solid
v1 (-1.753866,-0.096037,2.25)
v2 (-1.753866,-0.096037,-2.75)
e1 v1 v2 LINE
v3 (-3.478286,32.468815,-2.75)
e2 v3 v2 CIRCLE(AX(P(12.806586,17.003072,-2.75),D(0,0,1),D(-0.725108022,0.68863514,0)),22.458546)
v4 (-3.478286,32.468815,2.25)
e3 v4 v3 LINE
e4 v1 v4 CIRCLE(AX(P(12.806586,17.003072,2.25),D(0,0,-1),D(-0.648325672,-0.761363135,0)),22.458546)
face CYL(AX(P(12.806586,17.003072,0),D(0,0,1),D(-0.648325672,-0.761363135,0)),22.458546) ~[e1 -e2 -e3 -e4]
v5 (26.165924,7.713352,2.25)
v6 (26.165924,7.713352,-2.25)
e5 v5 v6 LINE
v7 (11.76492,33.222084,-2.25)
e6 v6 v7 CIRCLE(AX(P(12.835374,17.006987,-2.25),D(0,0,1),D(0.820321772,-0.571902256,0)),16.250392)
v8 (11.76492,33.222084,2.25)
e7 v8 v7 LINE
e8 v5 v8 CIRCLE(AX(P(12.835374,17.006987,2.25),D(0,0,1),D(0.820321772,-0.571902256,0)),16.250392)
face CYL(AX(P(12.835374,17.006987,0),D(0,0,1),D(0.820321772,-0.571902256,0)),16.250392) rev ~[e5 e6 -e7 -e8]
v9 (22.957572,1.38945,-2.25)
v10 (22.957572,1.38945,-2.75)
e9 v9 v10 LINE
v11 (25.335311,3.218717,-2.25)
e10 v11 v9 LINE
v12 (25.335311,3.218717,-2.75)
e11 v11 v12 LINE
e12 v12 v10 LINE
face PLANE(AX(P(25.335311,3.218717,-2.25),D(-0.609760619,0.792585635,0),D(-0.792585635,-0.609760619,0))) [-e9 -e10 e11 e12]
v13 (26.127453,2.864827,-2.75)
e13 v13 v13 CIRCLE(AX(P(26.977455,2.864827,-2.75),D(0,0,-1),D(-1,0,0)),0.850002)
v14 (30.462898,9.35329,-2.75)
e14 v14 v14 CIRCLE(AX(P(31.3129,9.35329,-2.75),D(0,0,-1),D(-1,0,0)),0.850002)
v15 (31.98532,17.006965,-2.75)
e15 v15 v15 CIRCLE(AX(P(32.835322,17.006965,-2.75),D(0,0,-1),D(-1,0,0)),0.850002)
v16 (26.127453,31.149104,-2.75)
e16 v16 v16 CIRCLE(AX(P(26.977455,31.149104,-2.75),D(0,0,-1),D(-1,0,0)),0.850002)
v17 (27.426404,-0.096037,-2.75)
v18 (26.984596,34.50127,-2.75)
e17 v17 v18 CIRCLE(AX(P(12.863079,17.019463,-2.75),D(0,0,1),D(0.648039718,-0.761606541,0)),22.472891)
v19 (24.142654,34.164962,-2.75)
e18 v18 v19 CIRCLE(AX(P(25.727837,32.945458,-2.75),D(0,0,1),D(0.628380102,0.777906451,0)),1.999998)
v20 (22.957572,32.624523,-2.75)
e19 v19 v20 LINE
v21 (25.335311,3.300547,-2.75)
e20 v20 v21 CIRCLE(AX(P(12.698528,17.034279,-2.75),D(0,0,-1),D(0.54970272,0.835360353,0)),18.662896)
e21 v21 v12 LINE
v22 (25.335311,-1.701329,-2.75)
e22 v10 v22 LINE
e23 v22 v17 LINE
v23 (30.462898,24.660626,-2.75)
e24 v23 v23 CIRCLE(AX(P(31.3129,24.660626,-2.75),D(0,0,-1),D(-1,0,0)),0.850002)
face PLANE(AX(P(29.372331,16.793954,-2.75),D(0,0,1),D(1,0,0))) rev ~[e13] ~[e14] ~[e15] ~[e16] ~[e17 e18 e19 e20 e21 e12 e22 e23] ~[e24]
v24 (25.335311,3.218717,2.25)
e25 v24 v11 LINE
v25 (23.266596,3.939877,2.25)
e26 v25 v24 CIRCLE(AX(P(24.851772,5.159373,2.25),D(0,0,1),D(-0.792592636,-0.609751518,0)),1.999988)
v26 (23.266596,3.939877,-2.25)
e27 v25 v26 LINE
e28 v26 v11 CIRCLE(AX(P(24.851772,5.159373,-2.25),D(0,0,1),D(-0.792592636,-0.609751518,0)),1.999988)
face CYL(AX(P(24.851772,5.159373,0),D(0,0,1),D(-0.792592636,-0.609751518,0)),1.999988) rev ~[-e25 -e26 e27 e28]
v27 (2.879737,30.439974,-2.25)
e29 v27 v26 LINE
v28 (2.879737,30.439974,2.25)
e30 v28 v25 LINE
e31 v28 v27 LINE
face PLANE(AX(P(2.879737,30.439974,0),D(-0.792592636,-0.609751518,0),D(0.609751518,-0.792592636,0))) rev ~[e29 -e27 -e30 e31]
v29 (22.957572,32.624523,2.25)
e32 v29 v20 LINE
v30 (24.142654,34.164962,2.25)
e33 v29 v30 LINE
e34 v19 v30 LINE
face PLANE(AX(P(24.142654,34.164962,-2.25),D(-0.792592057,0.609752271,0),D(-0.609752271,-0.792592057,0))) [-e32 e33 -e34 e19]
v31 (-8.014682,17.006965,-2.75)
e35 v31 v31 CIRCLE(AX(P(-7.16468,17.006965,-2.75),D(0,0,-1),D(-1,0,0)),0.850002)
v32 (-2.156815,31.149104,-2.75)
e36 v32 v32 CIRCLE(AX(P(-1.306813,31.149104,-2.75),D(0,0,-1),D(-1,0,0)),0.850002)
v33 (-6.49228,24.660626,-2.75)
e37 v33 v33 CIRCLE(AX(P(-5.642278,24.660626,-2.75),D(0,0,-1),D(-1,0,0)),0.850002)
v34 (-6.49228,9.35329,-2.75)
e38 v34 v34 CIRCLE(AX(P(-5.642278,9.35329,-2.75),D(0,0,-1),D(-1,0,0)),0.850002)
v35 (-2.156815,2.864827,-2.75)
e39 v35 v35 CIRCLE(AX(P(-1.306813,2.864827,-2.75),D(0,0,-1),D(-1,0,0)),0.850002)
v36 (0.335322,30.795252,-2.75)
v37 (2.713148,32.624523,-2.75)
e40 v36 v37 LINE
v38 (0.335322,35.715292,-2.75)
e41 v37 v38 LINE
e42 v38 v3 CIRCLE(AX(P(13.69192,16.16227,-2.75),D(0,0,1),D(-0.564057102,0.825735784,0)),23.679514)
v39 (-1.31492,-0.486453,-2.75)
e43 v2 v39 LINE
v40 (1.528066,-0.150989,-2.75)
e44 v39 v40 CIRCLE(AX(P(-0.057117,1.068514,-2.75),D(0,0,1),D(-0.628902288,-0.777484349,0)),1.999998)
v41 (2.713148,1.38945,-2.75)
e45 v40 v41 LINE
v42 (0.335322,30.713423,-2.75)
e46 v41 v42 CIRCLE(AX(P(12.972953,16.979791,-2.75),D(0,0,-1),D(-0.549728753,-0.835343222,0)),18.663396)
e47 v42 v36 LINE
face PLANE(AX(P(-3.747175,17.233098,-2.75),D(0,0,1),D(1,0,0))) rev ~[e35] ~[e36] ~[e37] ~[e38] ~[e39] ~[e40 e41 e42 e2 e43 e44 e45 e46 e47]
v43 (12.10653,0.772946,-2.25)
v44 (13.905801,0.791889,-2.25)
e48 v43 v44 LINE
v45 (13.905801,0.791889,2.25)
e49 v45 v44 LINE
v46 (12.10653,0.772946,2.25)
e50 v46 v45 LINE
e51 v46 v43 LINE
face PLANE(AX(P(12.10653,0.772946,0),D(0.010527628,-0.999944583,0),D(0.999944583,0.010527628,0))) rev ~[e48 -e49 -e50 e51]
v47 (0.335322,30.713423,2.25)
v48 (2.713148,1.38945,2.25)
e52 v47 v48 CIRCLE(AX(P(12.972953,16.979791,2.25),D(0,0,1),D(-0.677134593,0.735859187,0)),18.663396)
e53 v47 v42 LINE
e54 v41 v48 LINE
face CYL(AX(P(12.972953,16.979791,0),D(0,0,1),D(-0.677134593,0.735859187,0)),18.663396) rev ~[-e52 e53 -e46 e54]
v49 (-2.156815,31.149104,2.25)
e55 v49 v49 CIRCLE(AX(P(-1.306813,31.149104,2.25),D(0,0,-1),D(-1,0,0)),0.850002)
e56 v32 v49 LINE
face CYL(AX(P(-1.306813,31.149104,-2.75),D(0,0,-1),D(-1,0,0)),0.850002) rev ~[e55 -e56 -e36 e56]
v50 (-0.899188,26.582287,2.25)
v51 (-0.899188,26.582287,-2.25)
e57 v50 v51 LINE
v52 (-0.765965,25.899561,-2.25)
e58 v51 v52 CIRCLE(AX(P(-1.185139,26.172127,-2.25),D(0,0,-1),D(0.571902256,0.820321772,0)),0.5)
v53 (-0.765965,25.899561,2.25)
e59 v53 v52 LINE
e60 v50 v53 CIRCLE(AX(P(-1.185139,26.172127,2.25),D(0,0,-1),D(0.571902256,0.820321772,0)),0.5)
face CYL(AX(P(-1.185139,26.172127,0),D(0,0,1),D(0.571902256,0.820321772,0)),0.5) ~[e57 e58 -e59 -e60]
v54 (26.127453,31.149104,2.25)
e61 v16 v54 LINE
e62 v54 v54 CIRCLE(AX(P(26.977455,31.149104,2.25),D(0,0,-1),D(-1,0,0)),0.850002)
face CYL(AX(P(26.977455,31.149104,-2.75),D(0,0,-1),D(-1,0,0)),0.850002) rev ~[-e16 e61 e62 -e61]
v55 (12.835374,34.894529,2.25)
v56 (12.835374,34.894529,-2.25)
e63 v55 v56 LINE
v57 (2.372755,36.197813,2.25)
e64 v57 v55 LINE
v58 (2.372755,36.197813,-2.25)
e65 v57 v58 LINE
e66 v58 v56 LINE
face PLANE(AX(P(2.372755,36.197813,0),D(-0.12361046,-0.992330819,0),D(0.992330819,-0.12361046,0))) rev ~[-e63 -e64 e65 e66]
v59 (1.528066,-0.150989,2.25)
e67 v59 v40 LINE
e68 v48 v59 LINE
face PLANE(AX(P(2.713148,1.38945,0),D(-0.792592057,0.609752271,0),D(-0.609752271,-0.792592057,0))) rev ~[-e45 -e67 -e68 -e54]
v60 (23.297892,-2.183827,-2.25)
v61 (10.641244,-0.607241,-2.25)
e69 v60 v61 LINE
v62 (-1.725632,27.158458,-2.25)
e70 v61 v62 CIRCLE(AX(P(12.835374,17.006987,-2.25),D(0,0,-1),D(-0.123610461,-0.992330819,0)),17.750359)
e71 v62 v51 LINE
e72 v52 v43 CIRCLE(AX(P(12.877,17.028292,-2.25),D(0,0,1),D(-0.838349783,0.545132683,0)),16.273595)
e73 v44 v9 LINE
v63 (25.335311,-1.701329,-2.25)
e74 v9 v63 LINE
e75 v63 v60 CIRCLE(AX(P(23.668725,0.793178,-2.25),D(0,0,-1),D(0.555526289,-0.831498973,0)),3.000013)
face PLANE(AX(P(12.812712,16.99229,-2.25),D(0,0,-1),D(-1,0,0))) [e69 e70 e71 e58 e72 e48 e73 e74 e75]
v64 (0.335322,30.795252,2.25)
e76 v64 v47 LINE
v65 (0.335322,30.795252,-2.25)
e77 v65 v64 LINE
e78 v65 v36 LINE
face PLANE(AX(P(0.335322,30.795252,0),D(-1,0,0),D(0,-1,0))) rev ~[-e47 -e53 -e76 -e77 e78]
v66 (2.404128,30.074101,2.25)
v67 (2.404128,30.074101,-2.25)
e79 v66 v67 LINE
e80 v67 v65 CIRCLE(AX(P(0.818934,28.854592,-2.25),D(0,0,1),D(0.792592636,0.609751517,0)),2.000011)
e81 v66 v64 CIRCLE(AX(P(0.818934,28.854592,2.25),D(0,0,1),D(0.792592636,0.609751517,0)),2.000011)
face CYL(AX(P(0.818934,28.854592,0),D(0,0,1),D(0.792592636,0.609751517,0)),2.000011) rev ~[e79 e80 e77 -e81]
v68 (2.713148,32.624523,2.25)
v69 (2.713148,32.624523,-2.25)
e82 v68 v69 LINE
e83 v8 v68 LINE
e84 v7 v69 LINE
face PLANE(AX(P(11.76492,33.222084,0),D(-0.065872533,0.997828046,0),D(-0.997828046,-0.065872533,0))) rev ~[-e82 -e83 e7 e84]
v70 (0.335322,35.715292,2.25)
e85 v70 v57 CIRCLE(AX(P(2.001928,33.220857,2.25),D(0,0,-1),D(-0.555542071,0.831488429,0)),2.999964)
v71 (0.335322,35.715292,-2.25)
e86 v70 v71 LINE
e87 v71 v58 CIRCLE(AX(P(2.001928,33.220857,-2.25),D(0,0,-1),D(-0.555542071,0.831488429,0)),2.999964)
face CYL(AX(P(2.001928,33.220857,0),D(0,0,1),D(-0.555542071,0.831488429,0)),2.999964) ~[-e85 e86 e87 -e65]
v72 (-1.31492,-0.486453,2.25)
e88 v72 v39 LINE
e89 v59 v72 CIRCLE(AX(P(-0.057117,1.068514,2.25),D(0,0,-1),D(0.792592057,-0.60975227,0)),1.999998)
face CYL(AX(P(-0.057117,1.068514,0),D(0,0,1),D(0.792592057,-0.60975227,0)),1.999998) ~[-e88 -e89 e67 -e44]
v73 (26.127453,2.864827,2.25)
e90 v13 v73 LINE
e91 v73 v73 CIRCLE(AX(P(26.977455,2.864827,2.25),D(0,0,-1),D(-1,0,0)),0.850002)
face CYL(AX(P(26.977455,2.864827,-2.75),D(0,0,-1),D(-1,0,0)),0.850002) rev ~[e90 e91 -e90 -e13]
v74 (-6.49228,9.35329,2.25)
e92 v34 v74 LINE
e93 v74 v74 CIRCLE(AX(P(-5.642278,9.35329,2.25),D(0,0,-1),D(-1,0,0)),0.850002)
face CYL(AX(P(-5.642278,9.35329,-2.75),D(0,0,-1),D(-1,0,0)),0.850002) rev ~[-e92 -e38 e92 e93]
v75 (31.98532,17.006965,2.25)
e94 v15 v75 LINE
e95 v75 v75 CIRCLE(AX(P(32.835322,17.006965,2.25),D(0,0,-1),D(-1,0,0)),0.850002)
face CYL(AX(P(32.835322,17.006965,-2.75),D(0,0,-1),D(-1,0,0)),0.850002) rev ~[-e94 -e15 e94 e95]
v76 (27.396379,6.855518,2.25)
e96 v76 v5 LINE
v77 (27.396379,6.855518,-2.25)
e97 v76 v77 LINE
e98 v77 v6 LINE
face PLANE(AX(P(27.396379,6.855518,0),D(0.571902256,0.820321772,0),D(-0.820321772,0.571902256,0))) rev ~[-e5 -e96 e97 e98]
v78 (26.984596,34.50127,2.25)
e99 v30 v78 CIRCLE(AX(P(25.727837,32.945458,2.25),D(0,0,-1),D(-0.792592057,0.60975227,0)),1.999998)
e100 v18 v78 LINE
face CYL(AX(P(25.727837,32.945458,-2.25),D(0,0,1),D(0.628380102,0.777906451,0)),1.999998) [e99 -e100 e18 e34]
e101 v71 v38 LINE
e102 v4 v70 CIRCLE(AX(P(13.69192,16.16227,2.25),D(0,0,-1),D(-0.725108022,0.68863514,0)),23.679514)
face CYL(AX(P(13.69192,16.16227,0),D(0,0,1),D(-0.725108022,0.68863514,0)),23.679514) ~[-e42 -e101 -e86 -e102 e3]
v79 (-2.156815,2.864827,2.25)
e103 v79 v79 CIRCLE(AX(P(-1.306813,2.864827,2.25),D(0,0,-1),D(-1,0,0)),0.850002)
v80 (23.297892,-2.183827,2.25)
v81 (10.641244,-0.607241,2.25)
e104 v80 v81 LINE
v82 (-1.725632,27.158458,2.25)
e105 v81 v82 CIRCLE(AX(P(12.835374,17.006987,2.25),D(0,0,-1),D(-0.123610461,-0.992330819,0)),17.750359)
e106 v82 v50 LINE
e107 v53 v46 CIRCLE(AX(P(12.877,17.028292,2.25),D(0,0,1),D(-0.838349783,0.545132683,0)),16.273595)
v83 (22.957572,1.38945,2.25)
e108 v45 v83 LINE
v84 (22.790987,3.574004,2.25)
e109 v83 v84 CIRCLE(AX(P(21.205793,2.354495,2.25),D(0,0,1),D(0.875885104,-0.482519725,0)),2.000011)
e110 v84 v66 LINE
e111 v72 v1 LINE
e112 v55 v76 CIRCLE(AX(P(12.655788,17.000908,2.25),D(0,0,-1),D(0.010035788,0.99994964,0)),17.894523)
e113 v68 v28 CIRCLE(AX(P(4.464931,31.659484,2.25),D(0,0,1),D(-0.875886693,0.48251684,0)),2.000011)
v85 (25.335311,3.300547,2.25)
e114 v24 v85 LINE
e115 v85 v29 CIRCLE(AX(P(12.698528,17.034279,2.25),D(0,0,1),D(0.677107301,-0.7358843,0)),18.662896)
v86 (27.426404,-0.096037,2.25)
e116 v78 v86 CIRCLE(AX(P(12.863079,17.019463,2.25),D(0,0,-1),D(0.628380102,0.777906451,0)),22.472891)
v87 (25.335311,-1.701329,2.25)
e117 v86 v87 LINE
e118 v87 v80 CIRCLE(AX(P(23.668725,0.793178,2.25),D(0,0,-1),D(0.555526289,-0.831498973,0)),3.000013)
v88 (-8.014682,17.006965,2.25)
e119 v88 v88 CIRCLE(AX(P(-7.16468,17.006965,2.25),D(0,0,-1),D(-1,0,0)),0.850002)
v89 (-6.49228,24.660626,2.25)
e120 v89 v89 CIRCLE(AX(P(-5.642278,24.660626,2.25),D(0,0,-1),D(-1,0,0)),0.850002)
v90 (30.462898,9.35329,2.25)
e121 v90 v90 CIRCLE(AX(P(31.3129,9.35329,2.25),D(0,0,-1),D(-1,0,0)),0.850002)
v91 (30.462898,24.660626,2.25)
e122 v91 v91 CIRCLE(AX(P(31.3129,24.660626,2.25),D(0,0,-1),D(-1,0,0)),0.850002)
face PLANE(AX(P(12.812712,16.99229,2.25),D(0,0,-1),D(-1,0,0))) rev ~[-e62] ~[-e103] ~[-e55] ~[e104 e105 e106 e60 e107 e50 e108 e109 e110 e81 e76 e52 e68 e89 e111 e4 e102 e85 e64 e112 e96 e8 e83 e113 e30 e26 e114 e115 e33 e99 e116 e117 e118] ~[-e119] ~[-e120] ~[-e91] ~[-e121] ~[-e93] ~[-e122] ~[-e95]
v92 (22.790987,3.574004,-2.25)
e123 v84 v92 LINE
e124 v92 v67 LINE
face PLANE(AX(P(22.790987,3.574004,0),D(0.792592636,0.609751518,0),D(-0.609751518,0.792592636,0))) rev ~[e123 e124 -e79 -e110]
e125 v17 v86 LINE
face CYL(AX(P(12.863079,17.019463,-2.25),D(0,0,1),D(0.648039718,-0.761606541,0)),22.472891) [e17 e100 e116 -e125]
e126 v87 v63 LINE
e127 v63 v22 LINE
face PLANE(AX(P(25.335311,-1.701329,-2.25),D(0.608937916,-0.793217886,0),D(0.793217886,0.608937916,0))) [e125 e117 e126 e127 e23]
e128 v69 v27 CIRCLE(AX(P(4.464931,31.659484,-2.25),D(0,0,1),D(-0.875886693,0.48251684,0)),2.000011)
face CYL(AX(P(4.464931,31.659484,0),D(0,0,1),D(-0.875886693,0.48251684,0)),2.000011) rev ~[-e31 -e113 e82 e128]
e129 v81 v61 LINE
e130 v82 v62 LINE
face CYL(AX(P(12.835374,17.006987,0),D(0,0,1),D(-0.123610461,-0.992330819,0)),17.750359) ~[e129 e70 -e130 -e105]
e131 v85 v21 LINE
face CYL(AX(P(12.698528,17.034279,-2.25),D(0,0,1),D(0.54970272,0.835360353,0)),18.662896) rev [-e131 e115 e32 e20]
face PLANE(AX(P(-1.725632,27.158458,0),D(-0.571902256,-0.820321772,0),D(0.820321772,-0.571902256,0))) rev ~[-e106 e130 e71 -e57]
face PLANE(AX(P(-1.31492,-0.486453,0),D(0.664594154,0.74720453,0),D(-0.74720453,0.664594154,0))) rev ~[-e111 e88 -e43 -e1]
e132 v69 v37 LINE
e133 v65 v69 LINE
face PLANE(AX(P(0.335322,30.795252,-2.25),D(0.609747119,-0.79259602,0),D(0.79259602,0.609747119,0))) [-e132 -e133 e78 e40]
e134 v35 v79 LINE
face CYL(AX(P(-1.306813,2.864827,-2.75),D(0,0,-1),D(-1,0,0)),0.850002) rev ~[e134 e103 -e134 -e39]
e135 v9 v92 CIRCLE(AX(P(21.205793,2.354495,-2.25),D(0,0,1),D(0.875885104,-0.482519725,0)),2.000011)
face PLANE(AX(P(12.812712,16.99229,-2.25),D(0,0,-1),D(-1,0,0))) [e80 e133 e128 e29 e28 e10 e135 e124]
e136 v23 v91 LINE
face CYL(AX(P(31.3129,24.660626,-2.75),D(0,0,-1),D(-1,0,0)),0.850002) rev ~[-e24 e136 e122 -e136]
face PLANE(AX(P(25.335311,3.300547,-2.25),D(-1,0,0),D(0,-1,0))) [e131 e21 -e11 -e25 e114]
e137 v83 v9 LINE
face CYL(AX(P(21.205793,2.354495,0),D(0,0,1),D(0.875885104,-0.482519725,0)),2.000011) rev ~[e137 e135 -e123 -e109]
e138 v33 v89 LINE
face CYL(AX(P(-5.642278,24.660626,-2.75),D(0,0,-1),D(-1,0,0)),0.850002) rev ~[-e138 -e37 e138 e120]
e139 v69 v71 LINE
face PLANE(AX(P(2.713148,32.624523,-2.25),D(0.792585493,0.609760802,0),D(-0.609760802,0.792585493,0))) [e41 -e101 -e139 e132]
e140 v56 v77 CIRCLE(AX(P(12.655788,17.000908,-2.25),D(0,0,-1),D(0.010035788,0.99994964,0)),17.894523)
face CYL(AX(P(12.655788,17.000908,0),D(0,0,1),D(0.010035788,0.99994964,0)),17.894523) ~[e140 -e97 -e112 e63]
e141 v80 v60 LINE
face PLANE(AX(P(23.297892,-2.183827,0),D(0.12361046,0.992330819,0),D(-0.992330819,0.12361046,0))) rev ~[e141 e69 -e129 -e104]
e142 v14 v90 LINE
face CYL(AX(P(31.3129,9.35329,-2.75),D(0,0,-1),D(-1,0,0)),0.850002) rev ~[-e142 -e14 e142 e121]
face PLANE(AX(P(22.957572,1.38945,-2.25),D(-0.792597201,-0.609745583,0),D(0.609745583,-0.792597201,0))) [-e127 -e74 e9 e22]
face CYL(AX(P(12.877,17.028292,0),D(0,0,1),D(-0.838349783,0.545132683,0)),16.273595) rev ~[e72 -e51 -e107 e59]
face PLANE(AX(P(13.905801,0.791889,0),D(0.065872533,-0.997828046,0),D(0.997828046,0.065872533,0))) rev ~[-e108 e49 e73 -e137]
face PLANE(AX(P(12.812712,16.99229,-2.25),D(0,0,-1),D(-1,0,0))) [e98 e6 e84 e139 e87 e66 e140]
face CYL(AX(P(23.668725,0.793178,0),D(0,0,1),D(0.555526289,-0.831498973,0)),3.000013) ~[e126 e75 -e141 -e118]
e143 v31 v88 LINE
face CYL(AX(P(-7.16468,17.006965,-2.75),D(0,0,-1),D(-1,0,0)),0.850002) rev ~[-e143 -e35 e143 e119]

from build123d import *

# Parameters (mm, degrees)
BOSS_EXTRUDE1_DEPTH     = 2.25
BOSS_EXTRUDE2_DEPTH     = 0.5
SKETCH5_R               = 0.850002184
CUT_EXTRUDE1_DEPTH      = 1
CUT_EXTRUDE1_DEPTH_BACK = 6


with BuildPart() as part:
    # Sketch2 → Boss-Extrude1 (new body, symmetric)
    with BuildSketch(Plane.XY):
        with BuildLine():
            Line((2.713147674, 1.38944985), (1.528065997, -0.150989389))
            ThreePointArc((1.528065997, -0.150989389), (0.17725111, -0.917704623), (-1.31492025, -0.486453258))
            Line((-1.31492025, -0.486453258), (-1.753865618, -0.096037363))
            ThreePointArc((-1.753865618, -0.096037363), (-9.620538113, 15.815478855), (-3.478285545, 32.468815395))
            ThreePointArc((-3.478285545, 32.468815395), (-1.657553469, 34.19316142), (0.335322036, 35.715292075))
            ThreePointArc((0.335322036, 35.715292075), (1.310576189, 36.140071747), (2.372755236, 36.197813468))
            Line((2.372755236, 36.197813468), (12.835373957, 34.894529227))
            ThreePointArc((12.835373957, 34.894529227), (28.536577221, 25.247997312), (27.396378685, 6.85551762))
            Line((27.396378685, 6.85551762), (26.165923945, 7.71335154))
            ThreePointArc((26.165923945, 7.71335154), (26.986392928, 24.995972492), (11.764919509, 33.222083557))
            Line((11.764919509, 33.222083557), (2.713147674, 32.624522546))
            ThreePointArc((2.713147674, 32.624522546), (2.470709746, 31.507408509), (2.879736705, 30.439973796))
            Line((2.879736705, 30.439973796), (23.266595715, 3.939876853))
            ThreePointArc((23.266595715, 3.939876853), (24.193426287, 3.270845706), (25.335310798, 3.218717494))
            Line((25.335310798, 3.218717494), (25.335310798, 3.30054722))
            ThreePointArc((25.335310798, 3.30054722), (31.300372108, 18.542612289), (22.957572367, 32.624522546))
            Line((22.957572367, 32.624522546), (24.142654044, 34.164961785))
            ThreePointArc((24.142654044, 34.164961785), (25.492802118, 34.931598224), (26.984595921, 34.501269859))
            ThreePointArc((26.984595921, 34.501269859), (35.334137123, 17.306419127), (27.42640432, -0.096037363))
            Line((27.42640432, -0.096037363), (25.335310798, -1.701329119))
            ThreePointArc((25.335310798, -1.701329119), (24.360060505, -2.126090593), (23.297891975, -2.183826688))
            Line((23.297891975, -2.183826688), (10.641243869, -0.60724147))
            ThreePointArc((10.641243869, -0.60724147), (-3.379346512, 9.784930922), (-1.725632249, 27.158457646))
            Line((-1.725632249, 27.158457646), (-0.899188364, 26.582287247))
            ThreePointArc((-0.899188364, 26.582287247), (-0.694395528, 26.267887803), (-0.765964702, 25.899560545))
            ThreePointArc((-0.765964702, 25.899560545), (-1.606558349, 9.608289856), (12.106530022, 0.772945738))
            Line((12.106530022, 0.772945738), (13.905800532, 0.791888839))
            Line((13.905800532, 0.791888839), (22.957572367, 1.38944985))
            ThreePointArc((22.957572367, 1.38944985), (23.200013724, 2.506566373), (22.790986515, 3.574004371))
            Line((22.790986515, 3.574004371), (2.404127505, 30.074101314))
            ThreePointArc((2.404127505, 30.074101314), (1.477253865, 30.743151427), (0.335322036, 30.795252278))
            Line((0.335322036, 30.795252278), (0.335322036, 30.713422552))
            ThreePointArc((0.335322036, 30.713422552), (-5.629385297, 15.471362635), (2.713147674, 1.38944985))
        make_face()
    extrude(amount=BOSS_EXTRUDE1_DEPTH, both=True)

    # Sketch3 → Boss-Extrude2 (add)
    with BuildSketch(Plane(origin=(0, 0, -2.25), x_dir=(-1, 0, 0), z_dir=(0, 0, -1))):
        with BuildLine():
            Line((-25.335310798, 3.218717494), (-22.957572367, 1.38944985))
            Line((-22.957572367, 1.38944985), (-25.335310798, -1.701329119))
            Line((-25.335310798, -1.701329119), (-27.42640432, -0.096037363))
            ThreePointArc((-27.42640432, -0.096037363), (-35.334137123, 17.306419127), (-26.984595921, 34.501269859))
            ThreePointArc((-26.984595921, 34.501269859), (-25.492802118, 34.931598224), (-24.142654044, 34.164961785))
            Line((-24.142654044, 34.164961785), (-22.957572367, 32.624522546))
            ThreePointArc((-22.957572367, 32.624522546), (-31.300372108, 18.542612289), (-25.335310798, 3.30054722))
            Line((-25.335310798, 3.30054722), (-25.335310798, 3.218717494))
        make_face()
        with BuildLine():
            Line((-0.335322036, 30.795252278), (-2.713147674, 32.624522546))
            Line((-2.713147674, 32.624522546), (-0.335322036, 35.715292075))
            ThreePointArc((-0.335322036, 35.715292075), (1.657553469, 34.19316142), (3.478285545, 32.468815395))
            ThreePointArc((3.478285545, 32.468815395), (9.620538113, 15.815478855), (1.753865618, -0.096037363))
            Line((1.753865618, -0.096037363), (1.31492025, -0.486453258))
            ThreePointArc((1.31492025, -0.486453258), (-0.17725111, -0.917704623), (-1.528065997, -0.150989389))
            Line((-1.528065997, -0.150989389), (-2.713147674, 1.38944985))
            ThreePointArc((-2.713147674, 1.38944985), (5.629385297, 15.471362635), (-0.335322036, 30.713422552))
            Line((-0.335322036, 30.713422552), (-0.335322036, 30.795252278))
        make_face()
    extrude(amount=BOSS_EXTRUDE2_DEPTH)

    # Sketch5 → Cut-Extrude1 (cut, two sides)
    with BuildSketch(Plane(origin=(0, 0, -2.75), x_dir=(-1, 0, 0), z_dir=(0, 0, -1))) as cut_extrude1_sk:
        with Locations((-31.312900109, 24.660626427)):
            Circle(SKETCH5_R)
        with Locations((-32.835321764, 17.006965176)):
            Circle(SKETCH5_R)
        with Locations((-31.312900109, 9.353290058)):
            Circle(SKETCH5_R)
        with Locations((-26.977454917, 2.864826813)):
            Circle(SKETCH5_R)
        with Locations((1.306812691, 2.864826813)):
            Circle(SKETCH5_R)
        with Locations((5.642277886, 24.660626427)):
            Circle(SKETCH5_R)
        with Locations((1.306812691, 31.14910354)):
            Circle(SKETCH5_R)
        with Locations((-26.977454917, 31.14910354)):
            Circle(SKETCH5_R)
        with Locations((5.642277886, 9.353290058)):
            Circle(SKETCH5_R)
        with Locations((7.164679538, 17.006965176)):
            Circle(SKETCH5_R)
    extrude(amount=CUT_EXTRUDE1_DEPTH, mode=Mode.SUBTRACT)
    extrude(cut_extrude1_sk.sketch, amount=-CUT_EXTRUDE1_DEPTH_BACK, mode=Mode.SUBTRACT)


solid = part.part
